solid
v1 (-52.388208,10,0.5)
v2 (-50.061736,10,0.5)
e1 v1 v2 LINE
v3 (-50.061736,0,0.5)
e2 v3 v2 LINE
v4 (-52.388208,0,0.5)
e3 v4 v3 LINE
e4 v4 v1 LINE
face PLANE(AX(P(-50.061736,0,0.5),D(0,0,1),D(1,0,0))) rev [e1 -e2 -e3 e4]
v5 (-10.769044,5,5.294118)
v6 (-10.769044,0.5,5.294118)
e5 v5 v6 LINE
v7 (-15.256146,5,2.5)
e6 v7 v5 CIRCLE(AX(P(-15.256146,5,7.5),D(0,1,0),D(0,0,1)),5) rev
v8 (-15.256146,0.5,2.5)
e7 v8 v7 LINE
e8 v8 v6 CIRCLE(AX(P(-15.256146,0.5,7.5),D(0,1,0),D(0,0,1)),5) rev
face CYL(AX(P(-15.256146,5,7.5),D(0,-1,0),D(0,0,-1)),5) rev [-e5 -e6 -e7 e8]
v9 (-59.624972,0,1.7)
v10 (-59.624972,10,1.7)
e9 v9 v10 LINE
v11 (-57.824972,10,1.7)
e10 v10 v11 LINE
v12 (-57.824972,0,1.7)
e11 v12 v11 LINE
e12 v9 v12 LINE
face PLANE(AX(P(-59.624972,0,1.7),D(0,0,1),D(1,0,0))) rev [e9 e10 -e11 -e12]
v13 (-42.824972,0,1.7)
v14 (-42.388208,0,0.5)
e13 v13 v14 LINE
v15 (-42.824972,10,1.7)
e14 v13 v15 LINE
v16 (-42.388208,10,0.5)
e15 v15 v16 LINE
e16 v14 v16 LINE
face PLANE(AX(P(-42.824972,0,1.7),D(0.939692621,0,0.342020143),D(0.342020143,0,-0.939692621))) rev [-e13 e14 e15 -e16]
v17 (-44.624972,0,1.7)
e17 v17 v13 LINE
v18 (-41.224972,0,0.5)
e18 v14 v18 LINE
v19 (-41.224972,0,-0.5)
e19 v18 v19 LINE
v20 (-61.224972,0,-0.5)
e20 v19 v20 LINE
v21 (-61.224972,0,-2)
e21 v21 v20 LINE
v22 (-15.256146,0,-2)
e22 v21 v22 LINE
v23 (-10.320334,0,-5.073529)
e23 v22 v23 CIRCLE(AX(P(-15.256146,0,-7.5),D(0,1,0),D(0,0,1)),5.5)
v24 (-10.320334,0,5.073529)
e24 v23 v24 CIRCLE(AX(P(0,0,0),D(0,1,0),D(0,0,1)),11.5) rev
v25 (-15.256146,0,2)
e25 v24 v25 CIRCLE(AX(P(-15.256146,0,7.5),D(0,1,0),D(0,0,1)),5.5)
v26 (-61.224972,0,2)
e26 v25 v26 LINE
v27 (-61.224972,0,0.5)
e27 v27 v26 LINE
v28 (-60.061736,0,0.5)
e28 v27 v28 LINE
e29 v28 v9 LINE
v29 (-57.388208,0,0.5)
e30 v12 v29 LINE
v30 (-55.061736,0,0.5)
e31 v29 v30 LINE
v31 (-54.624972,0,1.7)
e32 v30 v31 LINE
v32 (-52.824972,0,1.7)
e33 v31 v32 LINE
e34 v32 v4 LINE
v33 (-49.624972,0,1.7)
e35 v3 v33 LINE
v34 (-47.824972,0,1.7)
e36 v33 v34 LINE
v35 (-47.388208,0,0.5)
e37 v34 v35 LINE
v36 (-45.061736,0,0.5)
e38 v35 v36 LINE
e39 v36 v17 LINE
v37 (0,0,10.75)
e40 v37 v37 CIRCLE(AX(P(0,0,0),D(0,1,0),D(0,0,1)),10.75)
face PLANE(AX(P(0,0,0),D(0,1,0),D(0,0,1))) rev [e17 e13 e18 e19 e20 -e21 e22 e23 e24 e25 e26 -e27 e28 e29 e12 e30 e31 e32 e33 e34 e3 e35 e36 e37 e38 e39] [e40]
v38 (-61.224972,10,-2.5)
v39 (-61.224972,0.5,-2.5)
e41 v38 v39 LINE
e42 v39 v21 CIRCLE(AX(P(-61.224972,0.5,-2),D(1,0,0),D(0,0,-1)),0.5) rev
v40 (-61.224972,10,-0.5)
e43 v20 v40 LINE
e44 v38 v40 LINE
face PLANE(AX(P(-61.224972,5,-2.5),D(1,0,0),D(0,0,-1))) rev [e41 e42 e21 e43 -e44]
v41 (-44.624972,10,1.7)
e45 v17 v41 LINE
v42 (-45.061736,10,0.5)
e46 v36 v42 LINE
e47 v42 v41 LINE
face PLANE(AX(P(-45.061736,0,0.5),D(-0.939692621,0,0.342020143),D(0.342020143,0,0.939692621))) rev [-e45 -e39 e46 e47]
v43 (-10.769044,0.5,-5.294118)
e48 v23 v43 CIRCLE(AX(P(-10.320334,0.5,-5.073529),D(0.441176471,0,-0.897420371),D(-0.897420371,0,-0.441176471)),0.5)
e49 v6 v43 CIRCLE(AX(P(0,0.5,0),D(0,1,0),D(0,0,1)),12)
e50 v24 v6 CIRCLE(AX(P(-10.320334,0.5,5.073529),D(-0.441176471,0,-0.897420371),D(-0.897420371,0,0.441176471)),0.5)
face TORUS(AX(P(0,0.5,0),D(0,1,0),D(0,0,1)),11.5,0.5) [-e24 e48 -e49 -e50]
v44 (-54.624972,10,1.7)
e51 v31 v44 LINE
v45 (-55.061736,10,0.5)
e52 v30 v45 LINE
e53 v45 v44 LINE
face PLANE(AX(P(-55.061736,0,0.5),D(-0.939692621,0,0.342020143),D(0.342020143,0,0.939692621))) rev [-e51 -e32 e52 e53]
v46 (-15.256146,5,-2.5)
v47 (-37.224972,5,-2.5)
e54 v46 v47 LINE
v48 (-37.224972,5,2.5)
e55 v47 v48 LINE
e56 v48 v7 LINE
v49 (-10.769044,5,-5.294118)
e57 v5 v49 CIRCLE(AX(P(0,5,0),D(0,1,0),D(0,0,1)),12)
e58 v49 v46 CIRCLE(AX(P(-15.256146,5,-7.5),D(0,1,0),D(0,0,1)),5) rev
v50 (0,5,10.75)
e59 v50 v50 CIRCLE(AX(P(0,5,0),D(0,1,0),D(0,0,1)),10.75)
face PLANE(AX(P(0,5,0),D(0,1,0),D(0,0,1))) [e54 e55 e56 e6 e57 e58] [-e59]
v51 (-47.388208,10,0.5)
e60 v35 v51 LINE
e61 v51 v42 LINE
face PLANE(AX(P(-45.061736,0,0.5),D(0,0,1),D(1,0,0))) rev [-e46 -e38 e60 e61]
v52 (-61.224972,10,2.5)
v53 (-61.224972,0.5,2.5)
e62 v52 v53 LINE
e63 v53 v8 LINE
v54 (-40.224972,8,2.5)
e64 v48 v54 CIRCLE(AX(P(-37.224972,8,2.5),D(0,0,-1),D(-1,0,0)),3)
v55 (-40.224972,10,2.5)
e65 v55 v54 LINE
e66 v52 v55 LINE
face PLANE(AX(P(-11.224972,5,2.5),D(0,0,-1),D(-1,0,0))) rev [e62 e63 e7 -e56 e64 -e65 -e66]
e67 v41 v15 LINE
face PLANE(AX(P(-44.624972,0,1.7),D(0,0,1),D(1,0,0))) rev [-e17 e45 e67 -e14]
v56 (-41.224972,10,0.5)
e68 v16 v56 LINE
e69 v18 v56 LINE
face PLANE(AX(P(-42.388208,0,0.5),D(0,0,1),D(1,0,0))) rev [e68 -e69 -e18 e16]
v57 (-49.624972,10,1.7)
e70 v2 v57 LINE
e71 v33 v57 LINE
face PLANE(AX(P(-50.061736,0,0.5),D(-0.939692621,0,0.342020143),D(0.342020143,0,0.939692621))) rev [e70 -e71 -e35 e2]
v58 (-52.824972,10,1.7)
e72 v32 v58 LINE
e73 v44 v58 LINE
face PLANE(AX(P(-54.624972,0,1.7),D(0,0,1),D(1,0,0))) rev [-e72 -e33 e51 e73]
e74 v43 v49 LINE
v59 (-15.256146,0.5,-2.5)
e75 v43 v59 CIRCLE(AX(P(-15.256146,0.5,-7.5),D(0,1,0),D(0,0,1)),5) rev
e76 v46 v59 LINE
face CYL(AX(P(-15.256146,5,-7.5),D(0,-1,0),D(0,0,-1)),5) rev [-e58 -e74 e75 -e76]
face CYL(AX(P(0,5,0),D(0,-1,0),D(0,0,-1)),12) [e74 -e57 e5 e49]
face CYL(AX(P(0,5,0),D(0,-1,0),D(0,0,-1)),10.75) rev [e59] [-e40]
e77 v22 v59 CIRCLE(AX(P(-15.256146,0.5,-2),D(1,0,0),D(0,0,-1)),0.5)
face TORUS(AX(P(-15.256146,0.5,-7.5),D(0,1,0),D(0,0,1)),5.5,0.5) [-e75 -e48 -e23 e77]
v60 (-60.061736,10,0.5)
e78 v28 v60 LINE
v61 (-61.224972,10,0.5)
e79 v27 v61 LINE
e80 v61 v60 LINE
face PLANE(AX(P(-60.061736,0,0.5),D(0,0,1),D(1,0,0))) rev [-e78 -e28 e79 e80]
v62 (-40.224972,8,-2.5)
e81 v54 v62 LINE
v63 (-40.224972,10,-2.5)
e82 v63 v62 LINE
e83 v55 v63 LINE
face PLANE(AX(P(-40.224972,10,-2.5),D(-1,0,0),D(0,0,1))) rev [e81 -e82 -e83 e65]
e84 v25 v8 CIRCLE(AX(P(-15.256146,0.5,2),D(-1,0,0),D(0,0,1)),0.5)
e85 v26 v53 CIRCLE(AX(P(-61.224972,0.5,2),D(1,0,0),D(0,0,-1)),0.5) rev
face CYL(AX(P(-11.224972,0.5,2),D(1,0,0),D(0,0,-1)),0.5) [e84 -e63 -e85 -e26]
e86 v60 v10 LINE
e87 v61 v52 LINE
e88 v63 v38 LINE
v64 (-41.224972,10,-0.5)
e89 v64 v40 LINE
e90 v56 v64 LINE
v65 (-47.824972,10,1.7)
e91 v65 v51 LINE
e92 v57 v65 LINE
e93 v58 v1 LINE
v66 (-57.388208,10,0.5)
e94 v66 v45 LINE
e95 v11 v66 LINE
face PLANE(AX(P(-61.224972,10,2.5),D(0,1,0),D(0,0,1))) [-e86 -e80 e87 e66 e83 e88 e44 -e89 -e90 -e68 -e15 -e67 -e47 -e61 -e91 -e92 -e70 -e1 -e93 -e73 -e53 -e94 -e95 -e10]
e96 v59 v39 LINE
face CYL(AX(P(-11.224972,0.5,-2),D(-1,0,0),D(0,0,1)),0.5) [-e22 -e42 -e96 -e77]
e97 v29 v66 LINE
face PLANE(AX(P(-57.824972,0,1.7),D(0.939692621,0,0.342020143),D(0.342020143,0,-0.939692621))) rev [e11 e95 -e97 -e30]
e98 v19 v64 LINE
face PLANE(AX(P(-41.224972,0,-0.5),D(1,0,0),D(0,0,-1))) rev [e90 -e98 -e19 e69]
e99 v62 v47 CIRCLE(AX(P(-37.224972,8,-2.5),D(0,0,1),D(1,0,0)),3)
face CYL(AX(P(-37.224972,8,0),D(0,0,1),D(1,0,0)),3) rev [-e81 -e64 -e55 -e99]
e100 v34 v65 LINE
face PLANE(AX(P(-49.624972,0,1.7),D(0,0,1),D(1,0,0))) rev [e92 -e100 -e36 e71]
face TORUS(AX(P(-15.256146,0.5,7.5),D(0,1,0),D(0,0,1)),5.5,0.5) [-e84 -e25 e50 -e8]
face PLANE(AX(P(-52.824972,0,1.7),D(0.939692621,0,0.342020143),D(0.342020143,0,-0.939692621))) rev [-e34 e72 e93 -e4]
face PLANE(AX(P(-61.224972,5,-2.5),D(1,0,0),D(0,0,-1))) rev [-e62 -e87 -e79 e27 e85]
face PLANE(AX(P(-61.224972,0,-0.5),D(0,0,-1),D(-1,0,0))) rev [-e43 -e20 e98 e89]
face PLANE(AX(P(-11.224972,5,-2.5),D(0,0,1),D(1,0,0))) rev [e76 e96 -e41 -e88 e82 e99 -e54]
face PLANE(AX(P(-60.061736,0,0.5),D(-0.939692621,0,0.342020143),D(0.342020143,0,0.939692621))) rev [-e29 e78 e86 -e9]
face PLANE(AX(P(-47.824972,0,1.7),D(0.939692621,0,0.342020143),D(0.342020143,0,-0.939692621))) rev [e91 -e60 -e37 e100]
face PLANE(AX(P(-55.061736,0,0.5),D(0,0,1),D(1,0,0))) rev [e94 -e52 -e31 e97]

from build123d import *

# Parameters (mm, degrees)
SKETCH_1_R               = 12
SKETCH_1_R_2             = 10.75
RING_DEPTH               = 5
SKETCH_2_W               = 50
SKETCH_2_H               = 5
STICK_DEPTH              = 5
SKETCH_3_W               = 21
SKETCH_3_H               = 5
KEY_DEPTH                = 10
FILLET_1_R               = 5
FILLET_5_R               = 3
CUT_EXTRUDE_1_DEPTH      = 63.839058045
CUT_EXTRUDE_1_DEPTH_BACK = 63.839058045
FILLET_7_R               = 0.5


with BuildPart() as part:
    # Эскиз1 → ring (new body)
    with BuildSketch(Plane(origin=(0, 0, 0), x_dir=(1, 0, 0), z_dir=(0, 1, 0))):
        with Locations(Location((0, 0, 0), (0, 0, 270))):
            Circle(SKETCH_1_R)
        with Locations(Location((0, 0, 0), (0, 0, 270))):
            Circle(SKETCH_1_R_2, mode=Mode.SUBTRACT)
    extrude(amount=RING_DEPTH)

    # Эскиз2 → stick (add)
    with BuildSketch(Plane(origin=(0, 0, 0), x_dir=(1, 0, 0), z_dir=(0, 1, 0))):
        with Locations((-36.22497216, 0)):
            Rectangle(SKETCH_2_W, SKETCH_2_H)
    extrude(amount=STICK_DEPTH)

    # Эскиз3 → key (add)
    with BuildSketch(Plane(origin=(0, 0, 0), x_dir=(1, 0, 0), z_dir=(0, 1, 0))):
        with Locations((-50.72497216, 0)):
            Rectangle(SKETCH_3_W, SKETCH_3_H)
    extrude(amount=KEY_DEPTH)

    # Скругление1
    fillet_1_edges = [part.edges().sort_by_distance(p)[0] for p in [
        (-11.736694594, 2.5, 2.5),
        (-11.736694594, 2.5, -2.5),
    ]]
    fillet(fillet_1_edges, radius=FILLET_1_R)

    # Скругление5
    fillet_5_edges = [part.edges().sort_by_distance(p)[0] for p in [
        (-40.22497216, 5, 0),
    ]]
    fillet(fillet_5_edges, radius=FILLET_5_R)

    # Эскиз4 → Вытянуть1 (cut, two sides: drawn at the far end of the back side and taken through both)
    with BuildSketch(Plane(origin=(0, 2.5, 0), x_dir=(1, 0, 0), z_dir=(0, 1, 0)).offset(-CUT_EXTRUDE_1_DEPTH_BACK)):
        Polygon((-61.22497216, 0.5), (-41.22497216, 0.5), (-41.22497216, -0.5), (-42.388207879, -0.5), (-42.82497216, -1.7), (-44.62497216, -1.7), (-45.061736441, -0.5), (-46.22497216, -0.5), (-47.388207879, -0.5), (-47.82497216, -1.7), (-49.62497216, -1.7), (-50.061736441, -0.5), (-51.22497216, -0.5), (-52.388207879, -0.5), (-52.82497216, -1.7), (-54.62497216, -1.7), (-55.061736441, -0.5), (-56.22497216, -0.5), (-57.388207879, -0.5), (-57.82497216, -1.7), (-59.62497216, -1.7), (-60.061736441, -0.5), (-61.22497216, -0.5), align=None)
    extrude(amount=CUT_EXTRUDE_1_DEPTH + CUT_EXTRUDE_1_DEPTH_BACK, mode=Mode.SUBTRACT)

    # Скругление7
    fillet_7_edges = [part.edges().sort_by_distance(p)[0] for p in [
        (-38.240559231, 0, 2.5),
        (12, 0, 0),
        (-38.240559231, 0, -2.5),
        (-12.613175603, 0, 3.255626562),
        (-12.613175603, 0, -3.255626562),
    ]]
    fillet(fillet_7_edges, radius=FILLET_7_R)


solid = part.part
